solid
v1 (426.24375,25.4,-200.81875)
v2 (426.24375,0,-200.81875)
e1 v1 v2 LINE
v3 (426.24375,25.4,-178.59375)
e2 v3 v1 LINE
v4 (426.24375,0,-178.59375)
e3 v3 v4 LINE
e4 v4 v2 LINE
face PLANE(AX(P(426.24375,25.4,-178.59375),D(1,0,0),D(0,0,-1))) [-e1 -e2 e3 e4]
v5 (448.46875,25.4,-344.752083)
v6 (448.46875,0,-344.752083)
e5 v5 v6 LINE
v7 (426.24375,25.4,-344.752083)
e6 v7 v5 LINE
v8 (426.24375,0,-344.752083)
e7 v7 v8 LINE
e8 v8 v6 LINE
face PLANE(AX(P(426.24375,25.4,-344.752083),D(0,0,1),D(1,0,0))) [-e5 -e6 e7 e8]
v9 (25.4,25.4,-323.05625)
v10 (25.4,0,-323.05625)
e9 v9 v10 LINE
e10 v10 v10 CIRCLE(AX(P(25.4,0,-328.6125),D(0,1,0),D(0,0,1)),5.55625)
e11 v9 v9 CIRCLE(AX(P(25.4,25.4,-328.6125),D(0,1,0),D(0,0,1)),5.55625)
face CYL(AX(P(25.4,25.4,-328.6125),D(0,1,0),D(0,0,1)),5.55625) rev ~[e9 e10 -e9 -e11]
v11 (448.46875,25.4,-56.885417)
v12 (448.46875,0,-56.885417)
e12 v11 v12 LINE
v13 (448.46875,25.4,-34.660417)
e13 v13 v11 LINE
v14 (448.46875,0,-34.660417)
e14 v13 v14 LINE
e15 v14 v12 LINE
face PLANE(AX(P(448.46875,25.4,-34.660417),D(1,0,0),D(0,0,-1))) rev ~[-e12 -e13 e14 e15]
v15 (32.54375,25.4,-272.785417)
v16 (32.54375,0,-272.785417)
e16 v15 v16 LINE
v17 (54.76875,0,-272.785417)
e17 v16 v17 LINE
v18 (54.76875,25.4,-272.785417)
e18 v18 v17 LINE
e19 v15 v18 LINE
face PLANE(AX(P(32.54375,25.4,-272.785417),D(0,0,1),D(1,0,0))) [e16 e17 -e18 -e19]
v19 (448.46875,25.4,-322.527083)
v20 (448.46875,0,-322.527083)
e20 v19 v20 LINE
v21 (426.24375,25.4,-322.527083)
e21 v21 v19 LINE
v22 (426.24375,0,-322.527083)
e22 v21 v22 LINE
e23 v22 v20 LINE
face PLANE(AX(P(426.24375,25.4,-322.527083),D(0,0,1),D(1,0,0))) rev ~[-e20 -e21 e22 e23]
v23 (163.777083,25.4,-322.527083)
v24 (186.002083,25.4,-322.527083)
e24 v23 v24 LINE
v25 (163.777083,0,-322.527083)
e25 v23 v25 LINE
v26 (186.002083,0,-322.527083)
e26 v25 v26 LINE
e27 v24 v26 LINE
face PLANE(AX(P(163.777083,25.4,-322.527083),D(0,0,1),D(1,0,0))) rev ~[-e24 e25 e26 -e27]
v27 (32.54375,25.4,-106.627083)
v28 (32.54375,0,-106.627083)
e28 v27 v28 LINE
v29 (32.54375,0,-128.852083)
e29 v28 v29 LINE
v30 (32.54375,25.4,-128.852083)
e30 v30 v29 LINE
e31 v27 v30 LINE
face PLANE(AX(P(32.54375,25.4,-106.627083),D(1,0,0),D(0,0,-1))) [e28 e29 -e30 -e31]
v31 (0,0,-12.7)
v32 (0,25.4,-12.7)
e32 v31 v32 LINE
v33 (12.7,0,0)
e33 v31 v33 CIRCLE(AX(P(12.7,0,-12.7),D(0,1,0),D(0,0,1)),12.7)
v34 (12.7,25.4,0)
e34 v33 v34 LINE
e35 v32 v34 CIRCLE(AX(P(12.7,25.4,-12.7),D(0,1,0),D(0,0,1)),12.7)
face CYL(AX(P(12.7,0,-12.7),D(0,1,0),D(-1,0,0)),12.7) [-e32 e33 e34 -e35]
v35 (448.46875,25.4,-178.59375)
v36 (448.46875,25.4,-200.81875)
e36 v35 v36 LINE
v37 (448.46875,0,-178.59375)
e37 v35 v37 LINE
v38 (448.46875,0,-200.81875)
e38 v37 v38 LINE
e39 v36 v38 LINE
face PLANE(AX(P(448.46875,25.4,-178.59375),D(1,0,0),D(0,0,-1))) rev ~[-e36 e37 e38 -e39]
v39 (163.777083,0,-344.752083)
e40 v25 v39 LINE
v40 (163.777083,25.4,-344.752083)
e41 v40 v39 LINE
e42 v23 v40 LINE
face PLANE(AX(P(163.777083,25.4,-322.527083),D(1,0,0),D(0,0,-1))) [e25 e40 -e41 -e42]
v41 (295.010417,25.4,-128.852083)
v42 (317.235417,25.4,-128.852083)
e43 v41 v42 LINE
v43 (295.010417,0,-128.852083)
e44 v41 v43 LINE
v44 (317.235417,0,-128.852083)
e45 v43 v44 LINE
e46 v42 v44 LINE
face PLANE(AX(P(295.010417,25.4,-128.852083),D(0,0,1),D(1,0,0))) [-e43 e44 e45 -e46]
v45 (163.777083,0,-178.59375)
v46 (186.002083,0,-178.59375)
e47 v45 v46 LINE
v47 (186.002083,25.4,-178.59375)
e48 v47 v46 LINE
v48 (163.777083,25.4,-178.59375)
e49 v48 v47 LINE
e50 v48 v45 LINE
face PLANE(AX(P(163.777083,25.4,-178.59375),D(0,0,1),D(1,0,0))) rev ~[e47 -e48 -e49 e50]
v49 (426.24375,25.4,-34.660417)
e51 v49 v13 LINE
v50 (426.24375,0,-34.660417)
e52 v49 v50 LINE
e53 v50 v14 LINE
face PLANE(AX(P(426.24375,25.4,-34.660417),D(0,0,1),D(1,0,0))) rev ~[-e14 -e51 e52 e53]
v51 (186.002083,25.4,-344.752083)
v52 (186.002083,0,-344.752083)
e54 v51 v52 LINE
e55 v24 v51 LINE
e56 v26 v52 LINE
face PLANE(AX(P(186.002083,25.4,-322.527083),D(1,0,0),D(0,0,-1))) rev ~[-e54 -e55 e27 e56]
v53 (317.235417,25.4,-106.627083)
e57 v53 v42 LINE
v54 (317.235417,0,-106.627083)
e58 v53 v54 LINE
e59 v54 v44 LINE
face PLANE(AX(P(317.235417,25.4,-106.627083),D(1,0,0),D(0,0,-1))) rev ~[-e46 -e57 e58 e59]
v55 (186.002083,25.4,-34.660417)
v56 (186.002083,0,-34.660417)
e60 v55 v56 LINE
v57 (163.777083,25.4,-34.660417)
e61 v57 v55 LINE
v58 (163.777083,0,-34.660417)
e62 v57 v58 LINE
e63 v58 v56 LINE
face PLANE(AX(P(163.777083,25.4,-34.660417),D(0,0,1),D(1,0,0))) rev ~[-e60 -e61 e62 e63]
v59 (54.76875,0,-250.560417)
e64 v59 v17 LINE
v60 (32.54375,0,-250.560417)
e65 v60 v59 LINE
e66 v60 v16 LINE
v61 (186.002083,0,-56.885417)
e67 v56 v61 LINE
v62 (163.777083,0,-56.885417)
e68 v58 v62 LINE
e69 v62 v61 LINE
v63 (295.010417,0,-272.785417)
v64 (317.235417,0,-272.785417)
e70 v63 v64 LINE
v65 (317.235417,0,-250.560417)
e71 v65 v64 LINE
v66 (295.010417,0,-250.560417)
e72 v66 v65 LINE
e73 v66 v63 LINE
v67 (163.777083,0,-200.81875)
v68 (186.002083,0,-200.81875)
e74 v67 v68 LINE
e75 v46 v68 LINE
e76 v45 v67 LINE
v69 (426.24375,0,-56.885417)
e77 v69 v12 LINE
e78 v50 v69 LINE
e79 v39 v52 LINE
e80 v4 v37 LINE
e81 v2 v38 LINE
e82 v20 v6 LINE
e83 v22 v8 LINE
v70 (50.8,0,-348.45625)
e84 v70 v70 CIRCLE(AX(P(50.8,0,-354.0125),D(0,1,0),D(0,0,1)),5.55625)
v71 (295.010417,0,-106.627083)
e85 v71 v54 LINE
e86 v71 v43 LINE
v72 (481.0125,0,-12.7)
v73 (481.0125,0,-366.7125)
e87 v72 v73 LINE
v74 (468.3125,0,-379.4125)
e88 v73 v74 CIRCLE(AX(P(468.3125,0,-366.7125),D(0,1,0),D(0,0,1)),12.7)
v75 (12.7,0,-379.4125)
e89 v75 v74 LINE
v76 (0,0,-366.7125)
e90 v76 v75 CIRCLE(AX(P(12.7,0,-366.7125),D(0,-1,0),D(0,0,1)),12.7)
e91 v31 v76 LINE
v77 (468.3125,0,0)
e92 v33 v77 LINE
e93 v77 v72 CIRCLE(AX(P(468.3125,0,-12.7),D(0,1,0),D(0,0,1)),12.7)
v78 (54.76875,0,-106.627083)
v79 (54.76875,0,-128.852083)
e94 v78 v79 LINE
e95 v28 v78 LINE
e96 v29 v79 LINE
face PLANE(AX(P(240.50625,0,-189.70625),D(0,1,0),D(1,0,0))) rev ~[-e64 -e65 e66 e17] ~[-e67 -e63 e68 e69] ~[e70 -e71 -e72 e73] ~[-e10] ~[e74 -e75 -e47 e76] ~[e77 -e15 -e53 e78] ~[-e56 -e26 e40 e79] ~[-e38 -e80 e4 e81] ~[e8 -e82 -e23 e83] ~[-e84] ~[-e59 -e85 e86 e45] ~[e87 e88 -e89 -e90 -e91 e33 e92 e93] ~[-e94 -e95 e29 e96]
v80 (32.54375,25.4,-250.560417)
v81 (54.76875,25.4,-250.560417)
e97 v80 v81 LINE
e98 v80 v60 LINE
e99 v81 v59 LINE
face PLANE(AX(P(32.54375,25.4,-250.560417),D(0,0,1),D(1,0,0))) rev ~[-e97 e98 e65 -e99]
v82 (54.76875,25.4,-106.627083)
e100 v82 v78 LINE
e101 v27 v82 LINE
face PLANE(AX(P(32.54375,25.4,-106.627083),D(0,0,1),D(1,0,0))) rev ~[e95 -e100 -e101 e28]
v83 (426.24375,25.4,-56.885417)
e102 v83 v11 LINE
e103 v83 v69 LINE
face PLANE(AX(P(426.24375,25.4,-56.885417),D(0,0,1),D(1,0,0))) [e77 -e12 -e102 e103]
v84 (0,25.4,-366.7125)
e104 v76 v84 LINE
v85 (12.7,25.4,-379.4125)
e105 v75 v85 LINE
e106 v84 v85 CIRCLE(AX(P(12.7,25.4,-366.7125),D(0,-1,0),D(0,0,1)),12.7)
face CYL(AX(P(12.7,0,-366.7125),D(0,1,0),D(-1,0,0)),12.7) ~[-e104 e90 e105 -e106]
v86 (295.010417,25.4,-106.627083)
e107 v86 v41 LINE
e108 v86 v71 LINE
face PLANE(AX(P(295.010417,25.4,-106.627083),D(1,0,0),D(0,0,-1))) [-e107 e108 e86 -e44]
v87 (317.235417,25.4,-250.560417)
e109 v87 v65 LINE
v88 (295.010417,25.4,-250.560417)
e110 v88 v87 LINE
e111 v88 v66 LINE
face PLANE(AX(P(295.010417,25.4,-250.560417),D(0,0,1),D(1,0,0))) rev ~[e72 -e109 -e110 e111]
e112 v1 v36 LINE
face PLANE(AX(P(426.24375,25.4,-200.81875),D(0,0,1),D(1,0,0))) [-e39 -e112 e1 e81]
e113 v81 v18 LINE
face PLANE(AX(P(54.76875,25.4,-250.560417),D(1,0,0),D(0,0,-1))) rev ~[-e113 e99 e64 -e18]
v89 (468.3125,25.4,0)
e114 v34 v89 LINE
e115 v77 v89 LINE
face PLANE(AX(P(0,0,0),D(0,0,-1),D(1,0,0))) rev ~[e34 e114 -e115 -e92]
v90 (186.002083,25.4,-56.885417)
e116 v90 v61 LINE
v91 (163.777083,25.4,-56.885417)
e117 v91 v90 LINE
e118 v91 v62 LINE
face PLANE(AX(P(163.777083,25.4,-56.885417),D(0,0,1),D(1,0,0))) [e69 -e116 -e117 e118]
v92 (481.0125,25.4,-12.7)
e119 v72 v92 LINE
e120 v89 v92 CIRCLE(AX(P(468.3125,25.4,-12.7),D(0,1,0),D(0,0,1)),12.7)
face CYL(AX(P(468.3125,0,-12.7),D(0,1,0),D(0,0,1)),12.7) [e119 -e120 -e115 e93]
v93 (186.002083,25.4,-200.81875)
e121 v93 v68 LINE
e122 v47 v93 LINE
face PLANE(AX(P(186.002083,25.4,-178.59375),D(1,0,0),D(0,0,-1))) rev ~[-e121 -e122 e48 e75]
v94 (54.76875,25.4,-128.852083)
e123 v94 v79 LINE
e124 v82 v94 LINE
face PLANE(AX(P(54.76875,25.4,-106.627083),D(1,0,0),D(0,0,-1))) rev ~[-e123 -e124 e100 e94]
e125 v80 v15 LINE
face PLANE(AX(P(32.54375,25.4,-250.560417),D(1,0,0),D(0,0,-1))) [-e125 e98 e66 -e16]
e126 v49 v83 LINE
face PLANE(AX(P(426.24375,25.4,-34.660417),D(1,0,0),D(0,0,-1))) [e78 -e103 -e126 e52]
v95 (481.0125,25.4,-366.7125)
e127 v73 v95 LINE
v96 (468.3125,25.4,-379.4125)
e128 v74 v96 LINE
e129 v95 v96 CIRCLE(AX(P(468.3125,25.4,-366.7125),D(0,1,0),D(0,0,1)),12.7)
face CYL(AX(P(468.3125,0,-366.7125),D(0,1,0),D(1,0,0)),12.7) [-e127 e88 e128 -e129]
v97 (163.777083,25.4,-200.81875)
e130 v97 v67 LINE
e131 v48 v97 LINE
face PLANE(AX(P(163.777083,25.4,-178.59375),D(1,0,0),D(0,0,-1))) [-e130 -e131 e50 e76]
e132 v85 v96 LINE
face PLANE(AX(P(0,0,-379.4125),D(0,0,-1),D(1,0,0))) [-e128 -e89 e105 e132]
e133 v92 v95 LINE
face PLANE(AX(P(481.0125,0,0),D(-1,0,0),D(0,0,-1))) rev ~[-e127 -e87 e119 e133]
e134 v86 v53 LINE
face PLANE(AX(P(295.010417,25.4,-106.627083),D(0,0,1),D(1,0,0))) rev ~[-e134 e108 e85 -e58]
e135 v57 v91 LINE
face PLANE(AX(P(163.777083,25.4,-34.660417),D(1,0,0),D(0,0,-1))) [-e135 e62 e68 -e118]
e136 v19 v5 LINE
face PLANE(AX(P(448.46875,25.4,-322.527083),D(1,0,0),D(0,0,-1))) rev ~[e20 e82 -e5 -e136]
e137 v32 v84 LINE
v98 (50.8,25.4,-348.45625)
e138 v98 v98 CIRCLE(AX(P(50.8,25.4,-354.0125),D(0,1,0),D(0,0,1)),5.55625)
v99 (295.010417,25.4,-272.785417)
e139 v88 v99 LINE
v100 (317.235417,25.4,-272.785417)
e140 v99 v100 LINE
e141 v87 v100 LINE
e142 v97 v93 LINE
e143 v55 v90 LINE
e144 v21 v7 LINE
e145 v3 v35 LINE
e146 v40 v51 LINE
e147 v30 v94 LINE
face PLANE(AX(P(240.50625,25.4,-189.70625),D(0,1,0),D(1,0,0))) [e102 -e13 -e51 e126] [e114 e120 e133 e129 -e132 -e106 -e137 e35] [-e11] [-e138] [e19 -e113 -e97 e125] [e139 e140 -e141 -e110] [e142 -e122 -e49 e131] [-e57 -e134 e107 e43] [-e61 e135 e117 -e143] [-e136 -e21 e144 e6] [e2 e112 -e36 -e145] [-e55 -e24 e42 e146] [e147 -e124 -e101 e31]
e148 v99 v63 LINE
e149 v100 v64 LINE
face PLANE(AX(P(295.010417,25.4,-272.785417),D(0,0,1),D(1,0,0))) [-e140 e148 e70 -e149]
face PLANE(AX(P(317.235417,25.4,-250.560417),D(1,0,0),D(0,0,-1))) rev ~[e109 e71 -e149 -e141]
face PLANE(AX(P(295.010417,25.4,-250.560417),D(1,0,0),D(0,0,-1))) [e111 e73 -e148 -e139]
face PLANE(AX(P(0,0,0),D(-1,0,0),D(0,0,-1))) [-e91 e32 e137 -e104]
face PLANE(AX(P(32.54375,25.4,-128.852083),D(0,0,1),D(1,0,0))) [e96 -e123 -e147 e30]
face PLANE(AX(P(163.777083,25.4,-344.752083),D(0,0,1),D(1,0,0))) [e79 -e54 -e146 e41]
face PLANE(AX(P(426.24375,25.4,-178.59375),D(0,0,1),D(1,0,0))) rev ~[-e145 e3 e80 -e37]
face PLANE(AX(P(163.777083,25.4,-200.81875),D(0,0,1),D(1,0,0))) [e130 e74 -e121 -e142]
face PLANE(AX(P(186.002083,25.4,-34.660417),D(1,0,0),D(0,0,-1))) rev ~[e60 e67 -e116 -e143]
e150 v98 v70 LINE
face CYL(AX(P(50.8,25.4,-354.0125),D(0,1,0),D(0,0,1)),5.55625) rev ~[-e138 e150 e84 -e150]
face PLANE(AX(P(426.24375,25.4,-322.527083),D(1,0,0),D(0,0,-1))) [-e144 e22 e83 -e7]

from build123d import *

# Parameters (mm, degrees)
SKETCH1_W           = 481.0125
SKETCH1_H           = 379.4125
BOSS_EXTRUDE1_DEPTH = 25.4
FILLET1_R           = 12.7
SKETCH2_W           = 22.225
SKETCH2_H           = 22.225
CUT_EXTRUDE2_DEPTH  = 25.4
SKETCH3_R           = 5.55625
CUT_EXTRUDE3_DEPTH  = 25.4


with BuildPart() as part:
    # Sketch1 → Boss-Extrude1 (new body)
    with BuildSketch(Plane(origin=(0, 0, 0), x_dir=(1, 0, 0), z_dir=(0, 1, 0))):
        with Locations((240.50625, 189.70625)):
            Rectangle(SKETCH1_W, SKETCH1_H)
    extrude(amount=BOSS_EXTRUDE1_DEPTH)

    # Fillet1
    fillet1_edges = [part.edges().sort_by_distance(p)[0] for p in [
        (0, 12.7, -379.4125),
        (481.0125, 12.7, -379.4125),
        (481.0125, 12.7, 0),
        (0, 12.7, 0),
    ]]
    fillet(fillet1_edges, radius=FILLET1_R)

    # Sketch2 → Cut-Extrude2 (cut)
    with BuildSketch(Plane(origin=(0, 25.4, 0), x_dir=(1, 0, 0), z_dir=(0, 1, 0))):
        with Locations((43.65625, 117.739583291)):
            Rectangle(SKETCH2_W, SKETCH2_H)
        with Locations((43.65625, 261.672916709)):
            Rectangle(SKETCH2_W, SKETCH2_H)
        with Locations((174.889583418, 45.772916582)):
            Rectangle(SKETCH2_W, SKETCH2_H)
        with Locations((306.122916582, 117.739583291)):
            Rectangle(SKETCH2_W, SKETCH2_H)
        with Locations((437.35625, 45.772916582)):
            Rectangle(SKETCH2_W, SKETCH2_H)
        with Locations((437.35625, 189.70625)):
            Rectangle(SKETCH2_W, SKETCH2_H)
        with Locations((437.35625, 333.639583418)):
            Rectangle(SKETCH2_W, SKETCH2_H)
        with Locations((174.889583418, 189.70625)):
            Rectangle(SKETCH2_W, SKETCH2_H)
        with Locations((174.889583418, 333.639583418)):
            Rectangle(SKETCH2_W, SKETCH2_H)
        with Locations((306.122916582, 261.672916709)):
            Rectangle(SKETCH2_W, SKETCH2_H)
    extrude(amount=-CUT_EXTRUDE2_DEPTH, mode=Mode.SUBTRACT)

    # Sketch3 → Cut-Extrude3 (cut)
    with BuildSketch(Plane(origin=(0, 25.4, 0), x_dir=(1, 0, 0), z_dir=(0, 1, 0))):
        with Locations(Location((25.4, 328.6125, 0), (0, 0, 270))):
            Circle(SKETCH3_R)
        with Locations(Location((50.8, 354.0125, 0), (0, 0, 270))):
            Circle(SKETCH3_R)
    extrude(amount=-CUT_EXTRUDE3_DEPTH, mode=Mode.SUBTRACT)


solid = part.part
